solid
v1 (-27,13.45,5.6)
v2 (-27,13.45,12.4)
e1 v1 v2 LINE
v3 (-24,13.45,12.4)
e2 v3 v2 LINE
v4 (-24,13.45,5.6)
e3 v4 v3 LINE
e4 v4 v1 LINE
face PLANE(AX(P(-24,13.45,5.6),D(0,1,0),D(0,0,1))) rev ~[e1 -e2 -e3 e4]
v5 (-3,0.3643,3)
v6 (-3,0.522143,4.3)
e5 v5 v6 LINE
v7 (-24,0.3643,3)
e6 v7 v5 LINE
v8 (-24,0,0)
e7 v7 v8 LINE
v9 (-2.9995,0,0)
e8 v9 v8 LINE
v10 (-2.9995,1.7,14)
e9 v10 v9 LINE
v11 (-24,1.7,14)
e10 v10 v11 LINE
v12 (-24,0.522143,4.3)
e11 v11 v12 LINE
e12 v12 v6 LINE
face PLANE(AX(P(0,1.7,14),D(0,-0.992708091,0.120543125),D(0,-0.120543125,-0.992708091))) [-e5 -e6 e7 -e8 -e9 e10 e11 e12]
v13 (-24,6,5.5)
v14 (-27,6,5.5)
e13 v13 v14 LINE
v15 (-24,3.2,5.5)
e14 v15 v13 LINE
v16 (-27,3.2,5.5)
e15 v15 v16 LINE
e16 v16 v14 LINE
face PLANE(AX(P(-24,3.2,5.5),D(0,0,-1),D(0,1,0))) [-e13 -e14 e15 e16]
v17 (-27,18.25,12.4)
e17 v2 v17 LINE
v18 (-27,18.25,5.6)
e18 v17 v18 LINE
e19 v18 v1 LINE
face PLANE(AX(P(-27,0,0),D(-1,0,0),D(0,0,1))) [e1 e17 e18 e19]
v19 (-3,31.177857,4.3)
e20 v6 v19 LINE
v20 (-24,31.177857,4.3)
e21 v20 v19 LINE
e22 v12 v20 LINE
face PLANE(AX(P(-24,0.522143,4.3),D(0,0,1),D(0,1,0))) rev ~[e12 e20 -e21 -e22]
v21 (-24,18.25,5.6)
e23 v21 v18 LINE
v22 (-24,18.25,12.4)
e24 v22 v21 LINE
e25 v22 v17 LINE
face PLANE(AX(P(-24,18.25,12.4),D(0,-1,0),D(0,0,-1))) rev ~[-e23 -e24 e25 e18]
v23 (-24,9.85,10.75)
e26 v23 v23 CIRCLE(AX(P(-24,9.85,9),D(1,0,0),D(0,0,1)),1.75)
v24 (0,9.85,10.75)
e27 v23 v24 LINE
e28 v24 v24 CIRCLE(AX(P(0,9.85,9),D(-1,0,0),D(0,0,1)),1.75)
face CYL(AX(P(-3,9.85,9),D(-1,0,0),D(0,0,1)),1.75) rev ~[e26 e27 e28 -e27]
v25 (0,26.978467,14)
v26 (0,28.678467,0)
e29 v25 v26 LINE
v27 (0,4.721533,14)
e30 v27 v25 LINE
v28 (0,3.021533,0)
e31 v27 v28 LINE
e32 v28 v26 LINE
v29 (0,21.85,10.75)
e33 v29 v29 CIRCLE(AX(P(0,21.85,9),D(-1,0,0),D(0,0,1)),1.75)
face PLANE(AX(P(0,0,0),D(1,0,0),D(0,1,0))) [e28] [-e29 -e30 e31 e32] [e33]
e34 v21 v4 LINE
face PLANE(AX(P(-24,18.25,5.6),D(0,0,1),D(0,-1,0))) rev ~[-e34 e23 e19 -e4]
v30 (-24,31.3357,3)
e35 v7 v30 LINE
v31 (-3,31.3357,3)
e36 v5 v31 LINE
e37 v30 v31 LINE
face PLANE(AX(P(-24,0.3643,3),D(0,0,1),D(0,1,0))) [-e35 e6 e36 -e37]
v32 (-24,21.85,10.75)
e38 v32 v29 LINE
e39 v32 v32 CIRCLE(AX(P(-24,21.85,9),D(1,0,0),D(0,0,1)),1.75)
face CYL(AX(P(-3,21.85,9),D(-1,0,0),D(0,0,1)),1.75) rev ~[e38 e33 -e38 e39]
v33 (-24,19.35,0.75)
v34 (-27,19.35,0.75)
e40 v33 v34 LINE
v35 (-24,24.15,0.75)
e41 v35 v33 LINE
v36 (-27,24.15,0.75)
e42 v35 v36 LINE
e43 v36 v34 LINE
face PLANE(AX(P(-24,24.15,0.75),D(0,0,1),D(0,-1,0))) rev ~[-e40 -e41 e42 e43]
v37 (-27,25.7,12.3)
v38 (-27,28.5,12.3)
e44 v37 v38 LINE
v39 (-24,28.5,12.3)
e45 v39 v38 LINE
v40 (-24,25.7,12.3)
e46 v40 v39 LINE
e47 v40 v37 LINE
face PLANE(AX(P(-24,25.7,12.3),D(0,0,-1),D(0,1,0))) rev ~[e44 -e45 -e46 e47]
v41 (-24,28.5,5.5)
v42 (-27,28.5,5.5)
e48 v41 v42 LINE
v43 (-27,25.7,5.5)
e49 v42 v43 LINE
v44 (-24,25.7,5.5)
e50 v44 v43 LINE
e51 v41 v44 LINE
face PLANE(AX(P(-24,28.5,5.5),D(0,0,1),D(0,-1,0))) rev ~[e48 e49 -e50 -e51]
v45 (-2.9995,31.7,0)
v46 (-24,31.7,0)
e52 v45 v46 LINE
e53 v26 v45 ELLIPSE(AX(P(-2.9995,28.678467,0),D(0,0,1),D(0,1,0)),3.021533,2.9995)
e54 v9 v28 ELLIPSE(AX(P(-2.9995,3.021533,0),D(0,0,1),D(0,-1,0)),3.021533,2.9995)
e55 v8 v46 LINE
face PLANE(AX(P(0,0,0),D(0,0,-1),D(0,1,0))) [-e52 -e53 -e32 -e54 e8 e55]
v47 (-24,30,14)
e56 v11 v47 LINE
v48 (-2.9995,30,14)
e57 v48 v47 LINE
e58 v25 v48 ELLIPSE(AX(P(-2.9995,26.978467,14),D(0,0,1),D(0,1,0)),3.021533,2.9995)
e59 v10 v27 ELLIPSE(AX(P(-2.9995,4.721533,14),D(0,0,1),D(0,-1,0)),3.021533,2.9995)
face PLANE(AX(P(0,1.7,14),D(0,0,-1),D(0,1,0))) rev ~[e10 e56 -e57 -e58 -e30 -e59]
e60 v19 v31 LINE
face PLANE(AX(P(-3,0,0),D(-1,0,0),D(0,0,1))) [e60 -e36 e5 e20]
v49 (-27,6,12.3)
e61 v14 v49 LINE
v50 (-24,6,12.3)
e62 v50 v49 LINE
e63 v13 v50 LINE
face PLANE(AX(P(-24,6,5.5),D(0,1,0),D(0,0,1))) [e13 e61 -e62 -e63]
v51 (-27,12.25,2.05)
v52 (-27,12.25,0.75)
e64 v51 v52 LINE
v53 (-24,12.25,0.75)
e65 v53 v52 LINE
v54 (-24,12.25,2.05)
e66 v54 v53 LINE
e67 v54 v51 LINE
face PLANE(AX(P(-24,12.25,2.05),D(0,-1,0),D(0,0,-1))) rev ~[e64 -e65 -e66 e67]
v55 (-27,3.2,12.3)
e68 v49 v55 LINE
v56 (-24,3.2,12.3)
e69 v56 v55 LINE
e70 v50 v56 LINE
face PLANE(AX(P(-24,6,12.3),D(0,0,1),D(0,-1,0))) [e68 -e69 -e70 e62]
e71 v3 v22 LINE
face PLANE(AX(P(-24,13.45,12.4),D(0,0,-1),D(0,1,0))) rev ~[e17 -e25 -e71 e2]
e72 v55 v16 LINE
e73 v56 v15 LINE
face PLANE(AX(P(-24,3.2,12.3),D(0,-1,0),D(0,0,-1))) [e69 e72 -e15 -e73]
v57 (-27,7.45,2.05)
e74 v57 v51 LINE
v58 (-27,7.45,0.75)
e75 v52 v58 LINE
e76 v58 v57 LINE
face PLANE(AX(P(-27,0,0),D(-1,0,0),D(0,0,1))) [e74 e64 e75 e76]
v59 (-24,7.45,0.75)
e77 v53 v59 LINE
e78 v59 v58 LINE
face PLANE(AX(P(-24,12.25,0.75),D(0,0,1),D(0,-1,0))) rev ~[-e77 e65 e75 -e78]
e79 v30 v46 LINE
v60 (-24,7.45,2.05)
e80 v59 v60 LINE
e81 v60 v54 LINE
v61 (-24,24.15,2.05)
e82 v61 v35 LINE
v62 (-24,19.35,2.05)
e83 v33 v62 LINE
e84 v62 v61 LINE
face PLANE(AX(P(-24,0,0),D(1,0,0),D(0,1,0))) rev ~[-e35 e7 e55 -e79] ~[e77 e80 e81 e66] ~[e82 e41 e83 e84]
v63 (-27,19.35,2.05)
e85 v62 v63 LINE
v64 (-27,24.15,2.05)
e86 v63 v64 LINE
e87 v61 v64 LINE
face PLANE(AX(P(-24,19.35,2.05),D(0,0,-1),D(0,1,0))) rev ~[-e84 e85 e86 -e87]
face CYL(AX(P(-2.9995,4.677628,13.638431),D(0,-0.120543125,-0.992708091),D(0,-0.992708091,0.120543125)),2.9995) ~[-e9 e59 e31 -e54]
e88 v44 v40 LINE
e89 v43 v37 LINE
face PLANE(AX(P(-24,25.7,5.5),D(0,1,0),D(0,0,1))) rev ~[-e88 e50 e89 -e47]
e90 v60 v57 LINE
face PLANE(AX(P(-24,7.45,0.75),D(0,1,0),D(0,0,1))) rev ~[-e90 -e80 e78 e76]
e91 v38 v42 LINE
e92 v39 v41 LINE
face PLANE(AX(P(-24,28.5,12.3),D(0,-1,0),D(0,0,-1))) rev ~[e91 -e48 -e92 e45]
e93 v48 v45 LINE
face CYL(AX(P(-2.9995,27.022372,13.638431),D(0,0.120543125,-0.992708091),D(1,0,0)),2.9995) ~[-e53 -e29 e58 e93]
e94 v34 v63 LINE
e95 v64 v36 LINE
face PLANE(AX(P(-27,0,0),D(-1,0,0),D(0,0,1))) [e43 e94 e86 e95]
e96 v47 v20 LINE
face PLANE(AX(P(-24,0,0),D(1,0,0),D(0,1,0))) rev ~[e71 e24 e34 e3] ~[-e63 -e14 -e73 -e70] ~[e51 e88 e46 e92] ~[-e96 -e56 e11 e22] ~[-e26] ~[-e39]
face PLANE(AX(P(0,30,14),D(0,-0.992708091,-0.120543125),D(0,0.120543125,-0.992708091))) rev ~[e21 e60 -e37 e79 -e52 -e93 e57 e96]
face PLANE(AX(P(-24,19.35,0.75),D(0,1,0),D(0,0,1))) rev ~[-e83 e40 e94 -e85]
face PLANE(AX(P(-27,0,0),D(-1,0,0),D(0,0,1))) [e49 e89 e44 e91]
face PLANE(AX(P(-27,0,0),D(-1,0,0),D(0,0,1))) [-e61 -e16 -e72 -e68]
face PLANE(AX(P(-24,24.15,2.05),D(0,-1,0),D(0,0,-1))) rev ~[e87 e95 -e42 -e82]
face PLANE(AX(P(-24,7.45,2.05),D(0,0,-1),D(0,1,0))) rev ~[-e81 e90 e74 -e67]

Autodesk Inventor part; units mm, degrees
ref_plane "YZ Plane" through (0, 0, 0) normal (1, 0, 0) x (0, 1, 0)
ref_plane "XZ Plane" through (0, 0, 0) normal (0, 1, 0) x (-1, 0, 0)
ref_plane "XY Plane" through (0, 0, 0) normal (0, 0, 1) x (1, 0, 0)
sketch "スケッチ1" plane through (0, 0, 0) normal (1, 0, 0) x (0, 1, 0)
  line L0 (0, 0) -> (31.7, 0)
  line L1 (1.7, 14) -> (30, 14)
  line L2 (1.7, 14) -> (0, 0)
  line L3 (30, 14) -> (31.7, 0)
  dimension "d0" = 31.7
  dimension "d1" = 28.3
extrude "押し出し1" add sketch "スケッチ1" against normal blind 24
sketch "スケッチ2" plane through (-24, 0, 0) normal (-1, 0, 0) x (0, 0, 1)
  line L0 (0, 0) -> (14, 1.7) projected
  line L1 (3, 0.3643) -> (3, 31.3357)
  line L2 (14, 30) -> (0, 31.7) projected
  line L3 (4.3, 0.3643) -> (4.3, 31.3357)
  line L4 (4.3, 31.3357) -> (3, 31.3357)
  line L5 (4.3, 0.3643) -> (3, 0.3643)
  point P0 (4.3, 0.5221)
  point P1 (4.3, 31.1779)
extrude "押し出し2" cut sketch "スケッチ2" against normal blind 21 contours L1 L2 L3 L0
sketch "スケッチ4" plane through (-3, 0, 0) normal (-1, 0, 0) x (0, 0, 1)
  circle A0 centre (9, 9.85) radius 1.75
  circle A1 centre (9, 21.85) radius 1.75
  point P0 (0, 0)
  dimension "d10" = 3.5
  dimension "d11" = 3.5
extrude "押し出し4" cut sketch "スケッチ4" along normal mid plane 100
fillet "フィレット1" radius 3 2 edges at (0, 30.85, 7) (0, 0.85, 7)
sketch "スケッチ10" plane through (-24, 0, 0) normal (-1, 0, 0) x (0, 0, 1)
  line L0 (5.6, 13.45) -> (12.4, 13.45)
  line L1 (12.4, 13.45) -> (12.4, 18.25)
  line L2 (12.4, 18.25) -> (5.6, 18.25)
  line L3 (5.6, 18.25) -> (5.6, 13.45)
  line L4 (5.6, 13.45) -> (12.4, 18.25) construction
  line L5 (12.4, 13.45) -> (5.6, 18.25) construction
  line L6 (14, 1.7) -> (14, 30) projected
  point P0 (0, 0)
  point P1 (9, 15.85)
  point P2 (14, 15.85)
  dimension "d29" = 6.8
  dimension "d30" = 4.8
  dimension "d44" = 5
extrude "押し出し10" add sketch "スケッチ10" along normal blind 3
sketch "スケッチ11" plane through (-24, 0, 0) normal (-1, 0, 0) x (0, 0, 1)
  line L0 (12.3, 3.2) -> (5.5, 3.2)
  line L1 (5.5, 3.2) -> (5.5, 6)
  line L2 (5.5, 6) -> (12.3, 6)
  line L3 (12.3, 6) -> (12.3, 3.2)
  line L4 (12.3, 3.2) -> (5.5, 6) construction
  line L5 (5.5, 3.2) -> (12.3, 6) construction
  line L6 (12.3, 28.5) -> (5.5, 28.5)
  line L7 (5.5, 28.5) -> (5.5, 25.7)
  line L8 (5.5, 25.7) -> (12.3, 25.7)
  line L9 (12.3, 25.7) -> (12.3, 28.5)
  line L10 (12.3, 28.5) -> (5.5, 25.7) construction
  line L11 (5.5, 28.5) -> (12.3, 25.7) construction
  point P0 (0, 0)
  point P1 (8.9, 4.6)
  point P2 (8.9, 27.1)
  dimension "d33" = 6.8
  dimension "d34" = 2.8
  dimension "d35" = 6.8
  dimension "d36" = 2.8
extrude "押し出し11" add sketch "スケッチ11" along normal blind 3
sketch "スケッチ12" plane through (-24, 0, 0) normal (-1, 0, 0) x (0, 0, 1)
  line L0 (2.05, 24.15) -> (0.75, 24.15)
  line L1 (0.75, 24.15) -> (0.75, 19.35)
  line L2 (0.75, 19.35) -> (2.05, 19.35)
  line L3 (2.05, 19.35) -> (2.05, 24.15)
  line L4 (2.05, 24.15) -> (0.75, 19.35) construction
  line L5 (0.75, 24.15) -> (2.05, 19.35) construction
  line L6 (0.75, 7.45) -> (2.05, 7.45)
  line L7 (2.05, 7.45) -> (2.05, 12.25)
  line L8 (2.05, 12.25) -> (0.75, 12.25)
  line L9 (0.75, 12.25) -> (0.75, 7.45)
  line L10 (0.75, 7.45) -> (2.05, 12.25) construction
  line L11 (2.05, 7.45) -> (0.75, 12.25) construction
  point P0 (0, 0)
  point P1 (1.4, 21.75)
  point P2 (1.4, 9.85)
  dimension "d39" = 1.3
  dimension "d40" = 4.8
  dimension "d45" = 1.3
  dimension "d46" = 4.8
extrude "押し出し12" add sketch "スケッチ12" along normal blind 3 contours L3 L2 L1 L0
sketch "スケッチ13" plane through (-24, 0, 0) normal (-1, 0, 0) x (0, 0, 1)
  line L0 (2.05, 12.25) -> (0.75, 12.25)
  line L1 (0.75, 12.25) -> (0.75, 7.45)
  line L2 (0.75, 7.45) -> (2.05, 7.45)
  line L3 (2.05, 7.45) -> (2.05, 12.25)
  line L4 (2.05, 12.25) -> (0.75, 7.45) construction
  line L5 (0.75, 12.25) -> (2.05, 7.45) construction
  point P0 (0, 0)
  point P1 (1.4, 9.85)
  dimension "d47" = 1.3
  dimension "d48" = 4.8
extrude "押し出し13" add sketch "スケッチ13" along normal blind 3
properties part number "finlay_holds_down" material "ABS プラスチック"
